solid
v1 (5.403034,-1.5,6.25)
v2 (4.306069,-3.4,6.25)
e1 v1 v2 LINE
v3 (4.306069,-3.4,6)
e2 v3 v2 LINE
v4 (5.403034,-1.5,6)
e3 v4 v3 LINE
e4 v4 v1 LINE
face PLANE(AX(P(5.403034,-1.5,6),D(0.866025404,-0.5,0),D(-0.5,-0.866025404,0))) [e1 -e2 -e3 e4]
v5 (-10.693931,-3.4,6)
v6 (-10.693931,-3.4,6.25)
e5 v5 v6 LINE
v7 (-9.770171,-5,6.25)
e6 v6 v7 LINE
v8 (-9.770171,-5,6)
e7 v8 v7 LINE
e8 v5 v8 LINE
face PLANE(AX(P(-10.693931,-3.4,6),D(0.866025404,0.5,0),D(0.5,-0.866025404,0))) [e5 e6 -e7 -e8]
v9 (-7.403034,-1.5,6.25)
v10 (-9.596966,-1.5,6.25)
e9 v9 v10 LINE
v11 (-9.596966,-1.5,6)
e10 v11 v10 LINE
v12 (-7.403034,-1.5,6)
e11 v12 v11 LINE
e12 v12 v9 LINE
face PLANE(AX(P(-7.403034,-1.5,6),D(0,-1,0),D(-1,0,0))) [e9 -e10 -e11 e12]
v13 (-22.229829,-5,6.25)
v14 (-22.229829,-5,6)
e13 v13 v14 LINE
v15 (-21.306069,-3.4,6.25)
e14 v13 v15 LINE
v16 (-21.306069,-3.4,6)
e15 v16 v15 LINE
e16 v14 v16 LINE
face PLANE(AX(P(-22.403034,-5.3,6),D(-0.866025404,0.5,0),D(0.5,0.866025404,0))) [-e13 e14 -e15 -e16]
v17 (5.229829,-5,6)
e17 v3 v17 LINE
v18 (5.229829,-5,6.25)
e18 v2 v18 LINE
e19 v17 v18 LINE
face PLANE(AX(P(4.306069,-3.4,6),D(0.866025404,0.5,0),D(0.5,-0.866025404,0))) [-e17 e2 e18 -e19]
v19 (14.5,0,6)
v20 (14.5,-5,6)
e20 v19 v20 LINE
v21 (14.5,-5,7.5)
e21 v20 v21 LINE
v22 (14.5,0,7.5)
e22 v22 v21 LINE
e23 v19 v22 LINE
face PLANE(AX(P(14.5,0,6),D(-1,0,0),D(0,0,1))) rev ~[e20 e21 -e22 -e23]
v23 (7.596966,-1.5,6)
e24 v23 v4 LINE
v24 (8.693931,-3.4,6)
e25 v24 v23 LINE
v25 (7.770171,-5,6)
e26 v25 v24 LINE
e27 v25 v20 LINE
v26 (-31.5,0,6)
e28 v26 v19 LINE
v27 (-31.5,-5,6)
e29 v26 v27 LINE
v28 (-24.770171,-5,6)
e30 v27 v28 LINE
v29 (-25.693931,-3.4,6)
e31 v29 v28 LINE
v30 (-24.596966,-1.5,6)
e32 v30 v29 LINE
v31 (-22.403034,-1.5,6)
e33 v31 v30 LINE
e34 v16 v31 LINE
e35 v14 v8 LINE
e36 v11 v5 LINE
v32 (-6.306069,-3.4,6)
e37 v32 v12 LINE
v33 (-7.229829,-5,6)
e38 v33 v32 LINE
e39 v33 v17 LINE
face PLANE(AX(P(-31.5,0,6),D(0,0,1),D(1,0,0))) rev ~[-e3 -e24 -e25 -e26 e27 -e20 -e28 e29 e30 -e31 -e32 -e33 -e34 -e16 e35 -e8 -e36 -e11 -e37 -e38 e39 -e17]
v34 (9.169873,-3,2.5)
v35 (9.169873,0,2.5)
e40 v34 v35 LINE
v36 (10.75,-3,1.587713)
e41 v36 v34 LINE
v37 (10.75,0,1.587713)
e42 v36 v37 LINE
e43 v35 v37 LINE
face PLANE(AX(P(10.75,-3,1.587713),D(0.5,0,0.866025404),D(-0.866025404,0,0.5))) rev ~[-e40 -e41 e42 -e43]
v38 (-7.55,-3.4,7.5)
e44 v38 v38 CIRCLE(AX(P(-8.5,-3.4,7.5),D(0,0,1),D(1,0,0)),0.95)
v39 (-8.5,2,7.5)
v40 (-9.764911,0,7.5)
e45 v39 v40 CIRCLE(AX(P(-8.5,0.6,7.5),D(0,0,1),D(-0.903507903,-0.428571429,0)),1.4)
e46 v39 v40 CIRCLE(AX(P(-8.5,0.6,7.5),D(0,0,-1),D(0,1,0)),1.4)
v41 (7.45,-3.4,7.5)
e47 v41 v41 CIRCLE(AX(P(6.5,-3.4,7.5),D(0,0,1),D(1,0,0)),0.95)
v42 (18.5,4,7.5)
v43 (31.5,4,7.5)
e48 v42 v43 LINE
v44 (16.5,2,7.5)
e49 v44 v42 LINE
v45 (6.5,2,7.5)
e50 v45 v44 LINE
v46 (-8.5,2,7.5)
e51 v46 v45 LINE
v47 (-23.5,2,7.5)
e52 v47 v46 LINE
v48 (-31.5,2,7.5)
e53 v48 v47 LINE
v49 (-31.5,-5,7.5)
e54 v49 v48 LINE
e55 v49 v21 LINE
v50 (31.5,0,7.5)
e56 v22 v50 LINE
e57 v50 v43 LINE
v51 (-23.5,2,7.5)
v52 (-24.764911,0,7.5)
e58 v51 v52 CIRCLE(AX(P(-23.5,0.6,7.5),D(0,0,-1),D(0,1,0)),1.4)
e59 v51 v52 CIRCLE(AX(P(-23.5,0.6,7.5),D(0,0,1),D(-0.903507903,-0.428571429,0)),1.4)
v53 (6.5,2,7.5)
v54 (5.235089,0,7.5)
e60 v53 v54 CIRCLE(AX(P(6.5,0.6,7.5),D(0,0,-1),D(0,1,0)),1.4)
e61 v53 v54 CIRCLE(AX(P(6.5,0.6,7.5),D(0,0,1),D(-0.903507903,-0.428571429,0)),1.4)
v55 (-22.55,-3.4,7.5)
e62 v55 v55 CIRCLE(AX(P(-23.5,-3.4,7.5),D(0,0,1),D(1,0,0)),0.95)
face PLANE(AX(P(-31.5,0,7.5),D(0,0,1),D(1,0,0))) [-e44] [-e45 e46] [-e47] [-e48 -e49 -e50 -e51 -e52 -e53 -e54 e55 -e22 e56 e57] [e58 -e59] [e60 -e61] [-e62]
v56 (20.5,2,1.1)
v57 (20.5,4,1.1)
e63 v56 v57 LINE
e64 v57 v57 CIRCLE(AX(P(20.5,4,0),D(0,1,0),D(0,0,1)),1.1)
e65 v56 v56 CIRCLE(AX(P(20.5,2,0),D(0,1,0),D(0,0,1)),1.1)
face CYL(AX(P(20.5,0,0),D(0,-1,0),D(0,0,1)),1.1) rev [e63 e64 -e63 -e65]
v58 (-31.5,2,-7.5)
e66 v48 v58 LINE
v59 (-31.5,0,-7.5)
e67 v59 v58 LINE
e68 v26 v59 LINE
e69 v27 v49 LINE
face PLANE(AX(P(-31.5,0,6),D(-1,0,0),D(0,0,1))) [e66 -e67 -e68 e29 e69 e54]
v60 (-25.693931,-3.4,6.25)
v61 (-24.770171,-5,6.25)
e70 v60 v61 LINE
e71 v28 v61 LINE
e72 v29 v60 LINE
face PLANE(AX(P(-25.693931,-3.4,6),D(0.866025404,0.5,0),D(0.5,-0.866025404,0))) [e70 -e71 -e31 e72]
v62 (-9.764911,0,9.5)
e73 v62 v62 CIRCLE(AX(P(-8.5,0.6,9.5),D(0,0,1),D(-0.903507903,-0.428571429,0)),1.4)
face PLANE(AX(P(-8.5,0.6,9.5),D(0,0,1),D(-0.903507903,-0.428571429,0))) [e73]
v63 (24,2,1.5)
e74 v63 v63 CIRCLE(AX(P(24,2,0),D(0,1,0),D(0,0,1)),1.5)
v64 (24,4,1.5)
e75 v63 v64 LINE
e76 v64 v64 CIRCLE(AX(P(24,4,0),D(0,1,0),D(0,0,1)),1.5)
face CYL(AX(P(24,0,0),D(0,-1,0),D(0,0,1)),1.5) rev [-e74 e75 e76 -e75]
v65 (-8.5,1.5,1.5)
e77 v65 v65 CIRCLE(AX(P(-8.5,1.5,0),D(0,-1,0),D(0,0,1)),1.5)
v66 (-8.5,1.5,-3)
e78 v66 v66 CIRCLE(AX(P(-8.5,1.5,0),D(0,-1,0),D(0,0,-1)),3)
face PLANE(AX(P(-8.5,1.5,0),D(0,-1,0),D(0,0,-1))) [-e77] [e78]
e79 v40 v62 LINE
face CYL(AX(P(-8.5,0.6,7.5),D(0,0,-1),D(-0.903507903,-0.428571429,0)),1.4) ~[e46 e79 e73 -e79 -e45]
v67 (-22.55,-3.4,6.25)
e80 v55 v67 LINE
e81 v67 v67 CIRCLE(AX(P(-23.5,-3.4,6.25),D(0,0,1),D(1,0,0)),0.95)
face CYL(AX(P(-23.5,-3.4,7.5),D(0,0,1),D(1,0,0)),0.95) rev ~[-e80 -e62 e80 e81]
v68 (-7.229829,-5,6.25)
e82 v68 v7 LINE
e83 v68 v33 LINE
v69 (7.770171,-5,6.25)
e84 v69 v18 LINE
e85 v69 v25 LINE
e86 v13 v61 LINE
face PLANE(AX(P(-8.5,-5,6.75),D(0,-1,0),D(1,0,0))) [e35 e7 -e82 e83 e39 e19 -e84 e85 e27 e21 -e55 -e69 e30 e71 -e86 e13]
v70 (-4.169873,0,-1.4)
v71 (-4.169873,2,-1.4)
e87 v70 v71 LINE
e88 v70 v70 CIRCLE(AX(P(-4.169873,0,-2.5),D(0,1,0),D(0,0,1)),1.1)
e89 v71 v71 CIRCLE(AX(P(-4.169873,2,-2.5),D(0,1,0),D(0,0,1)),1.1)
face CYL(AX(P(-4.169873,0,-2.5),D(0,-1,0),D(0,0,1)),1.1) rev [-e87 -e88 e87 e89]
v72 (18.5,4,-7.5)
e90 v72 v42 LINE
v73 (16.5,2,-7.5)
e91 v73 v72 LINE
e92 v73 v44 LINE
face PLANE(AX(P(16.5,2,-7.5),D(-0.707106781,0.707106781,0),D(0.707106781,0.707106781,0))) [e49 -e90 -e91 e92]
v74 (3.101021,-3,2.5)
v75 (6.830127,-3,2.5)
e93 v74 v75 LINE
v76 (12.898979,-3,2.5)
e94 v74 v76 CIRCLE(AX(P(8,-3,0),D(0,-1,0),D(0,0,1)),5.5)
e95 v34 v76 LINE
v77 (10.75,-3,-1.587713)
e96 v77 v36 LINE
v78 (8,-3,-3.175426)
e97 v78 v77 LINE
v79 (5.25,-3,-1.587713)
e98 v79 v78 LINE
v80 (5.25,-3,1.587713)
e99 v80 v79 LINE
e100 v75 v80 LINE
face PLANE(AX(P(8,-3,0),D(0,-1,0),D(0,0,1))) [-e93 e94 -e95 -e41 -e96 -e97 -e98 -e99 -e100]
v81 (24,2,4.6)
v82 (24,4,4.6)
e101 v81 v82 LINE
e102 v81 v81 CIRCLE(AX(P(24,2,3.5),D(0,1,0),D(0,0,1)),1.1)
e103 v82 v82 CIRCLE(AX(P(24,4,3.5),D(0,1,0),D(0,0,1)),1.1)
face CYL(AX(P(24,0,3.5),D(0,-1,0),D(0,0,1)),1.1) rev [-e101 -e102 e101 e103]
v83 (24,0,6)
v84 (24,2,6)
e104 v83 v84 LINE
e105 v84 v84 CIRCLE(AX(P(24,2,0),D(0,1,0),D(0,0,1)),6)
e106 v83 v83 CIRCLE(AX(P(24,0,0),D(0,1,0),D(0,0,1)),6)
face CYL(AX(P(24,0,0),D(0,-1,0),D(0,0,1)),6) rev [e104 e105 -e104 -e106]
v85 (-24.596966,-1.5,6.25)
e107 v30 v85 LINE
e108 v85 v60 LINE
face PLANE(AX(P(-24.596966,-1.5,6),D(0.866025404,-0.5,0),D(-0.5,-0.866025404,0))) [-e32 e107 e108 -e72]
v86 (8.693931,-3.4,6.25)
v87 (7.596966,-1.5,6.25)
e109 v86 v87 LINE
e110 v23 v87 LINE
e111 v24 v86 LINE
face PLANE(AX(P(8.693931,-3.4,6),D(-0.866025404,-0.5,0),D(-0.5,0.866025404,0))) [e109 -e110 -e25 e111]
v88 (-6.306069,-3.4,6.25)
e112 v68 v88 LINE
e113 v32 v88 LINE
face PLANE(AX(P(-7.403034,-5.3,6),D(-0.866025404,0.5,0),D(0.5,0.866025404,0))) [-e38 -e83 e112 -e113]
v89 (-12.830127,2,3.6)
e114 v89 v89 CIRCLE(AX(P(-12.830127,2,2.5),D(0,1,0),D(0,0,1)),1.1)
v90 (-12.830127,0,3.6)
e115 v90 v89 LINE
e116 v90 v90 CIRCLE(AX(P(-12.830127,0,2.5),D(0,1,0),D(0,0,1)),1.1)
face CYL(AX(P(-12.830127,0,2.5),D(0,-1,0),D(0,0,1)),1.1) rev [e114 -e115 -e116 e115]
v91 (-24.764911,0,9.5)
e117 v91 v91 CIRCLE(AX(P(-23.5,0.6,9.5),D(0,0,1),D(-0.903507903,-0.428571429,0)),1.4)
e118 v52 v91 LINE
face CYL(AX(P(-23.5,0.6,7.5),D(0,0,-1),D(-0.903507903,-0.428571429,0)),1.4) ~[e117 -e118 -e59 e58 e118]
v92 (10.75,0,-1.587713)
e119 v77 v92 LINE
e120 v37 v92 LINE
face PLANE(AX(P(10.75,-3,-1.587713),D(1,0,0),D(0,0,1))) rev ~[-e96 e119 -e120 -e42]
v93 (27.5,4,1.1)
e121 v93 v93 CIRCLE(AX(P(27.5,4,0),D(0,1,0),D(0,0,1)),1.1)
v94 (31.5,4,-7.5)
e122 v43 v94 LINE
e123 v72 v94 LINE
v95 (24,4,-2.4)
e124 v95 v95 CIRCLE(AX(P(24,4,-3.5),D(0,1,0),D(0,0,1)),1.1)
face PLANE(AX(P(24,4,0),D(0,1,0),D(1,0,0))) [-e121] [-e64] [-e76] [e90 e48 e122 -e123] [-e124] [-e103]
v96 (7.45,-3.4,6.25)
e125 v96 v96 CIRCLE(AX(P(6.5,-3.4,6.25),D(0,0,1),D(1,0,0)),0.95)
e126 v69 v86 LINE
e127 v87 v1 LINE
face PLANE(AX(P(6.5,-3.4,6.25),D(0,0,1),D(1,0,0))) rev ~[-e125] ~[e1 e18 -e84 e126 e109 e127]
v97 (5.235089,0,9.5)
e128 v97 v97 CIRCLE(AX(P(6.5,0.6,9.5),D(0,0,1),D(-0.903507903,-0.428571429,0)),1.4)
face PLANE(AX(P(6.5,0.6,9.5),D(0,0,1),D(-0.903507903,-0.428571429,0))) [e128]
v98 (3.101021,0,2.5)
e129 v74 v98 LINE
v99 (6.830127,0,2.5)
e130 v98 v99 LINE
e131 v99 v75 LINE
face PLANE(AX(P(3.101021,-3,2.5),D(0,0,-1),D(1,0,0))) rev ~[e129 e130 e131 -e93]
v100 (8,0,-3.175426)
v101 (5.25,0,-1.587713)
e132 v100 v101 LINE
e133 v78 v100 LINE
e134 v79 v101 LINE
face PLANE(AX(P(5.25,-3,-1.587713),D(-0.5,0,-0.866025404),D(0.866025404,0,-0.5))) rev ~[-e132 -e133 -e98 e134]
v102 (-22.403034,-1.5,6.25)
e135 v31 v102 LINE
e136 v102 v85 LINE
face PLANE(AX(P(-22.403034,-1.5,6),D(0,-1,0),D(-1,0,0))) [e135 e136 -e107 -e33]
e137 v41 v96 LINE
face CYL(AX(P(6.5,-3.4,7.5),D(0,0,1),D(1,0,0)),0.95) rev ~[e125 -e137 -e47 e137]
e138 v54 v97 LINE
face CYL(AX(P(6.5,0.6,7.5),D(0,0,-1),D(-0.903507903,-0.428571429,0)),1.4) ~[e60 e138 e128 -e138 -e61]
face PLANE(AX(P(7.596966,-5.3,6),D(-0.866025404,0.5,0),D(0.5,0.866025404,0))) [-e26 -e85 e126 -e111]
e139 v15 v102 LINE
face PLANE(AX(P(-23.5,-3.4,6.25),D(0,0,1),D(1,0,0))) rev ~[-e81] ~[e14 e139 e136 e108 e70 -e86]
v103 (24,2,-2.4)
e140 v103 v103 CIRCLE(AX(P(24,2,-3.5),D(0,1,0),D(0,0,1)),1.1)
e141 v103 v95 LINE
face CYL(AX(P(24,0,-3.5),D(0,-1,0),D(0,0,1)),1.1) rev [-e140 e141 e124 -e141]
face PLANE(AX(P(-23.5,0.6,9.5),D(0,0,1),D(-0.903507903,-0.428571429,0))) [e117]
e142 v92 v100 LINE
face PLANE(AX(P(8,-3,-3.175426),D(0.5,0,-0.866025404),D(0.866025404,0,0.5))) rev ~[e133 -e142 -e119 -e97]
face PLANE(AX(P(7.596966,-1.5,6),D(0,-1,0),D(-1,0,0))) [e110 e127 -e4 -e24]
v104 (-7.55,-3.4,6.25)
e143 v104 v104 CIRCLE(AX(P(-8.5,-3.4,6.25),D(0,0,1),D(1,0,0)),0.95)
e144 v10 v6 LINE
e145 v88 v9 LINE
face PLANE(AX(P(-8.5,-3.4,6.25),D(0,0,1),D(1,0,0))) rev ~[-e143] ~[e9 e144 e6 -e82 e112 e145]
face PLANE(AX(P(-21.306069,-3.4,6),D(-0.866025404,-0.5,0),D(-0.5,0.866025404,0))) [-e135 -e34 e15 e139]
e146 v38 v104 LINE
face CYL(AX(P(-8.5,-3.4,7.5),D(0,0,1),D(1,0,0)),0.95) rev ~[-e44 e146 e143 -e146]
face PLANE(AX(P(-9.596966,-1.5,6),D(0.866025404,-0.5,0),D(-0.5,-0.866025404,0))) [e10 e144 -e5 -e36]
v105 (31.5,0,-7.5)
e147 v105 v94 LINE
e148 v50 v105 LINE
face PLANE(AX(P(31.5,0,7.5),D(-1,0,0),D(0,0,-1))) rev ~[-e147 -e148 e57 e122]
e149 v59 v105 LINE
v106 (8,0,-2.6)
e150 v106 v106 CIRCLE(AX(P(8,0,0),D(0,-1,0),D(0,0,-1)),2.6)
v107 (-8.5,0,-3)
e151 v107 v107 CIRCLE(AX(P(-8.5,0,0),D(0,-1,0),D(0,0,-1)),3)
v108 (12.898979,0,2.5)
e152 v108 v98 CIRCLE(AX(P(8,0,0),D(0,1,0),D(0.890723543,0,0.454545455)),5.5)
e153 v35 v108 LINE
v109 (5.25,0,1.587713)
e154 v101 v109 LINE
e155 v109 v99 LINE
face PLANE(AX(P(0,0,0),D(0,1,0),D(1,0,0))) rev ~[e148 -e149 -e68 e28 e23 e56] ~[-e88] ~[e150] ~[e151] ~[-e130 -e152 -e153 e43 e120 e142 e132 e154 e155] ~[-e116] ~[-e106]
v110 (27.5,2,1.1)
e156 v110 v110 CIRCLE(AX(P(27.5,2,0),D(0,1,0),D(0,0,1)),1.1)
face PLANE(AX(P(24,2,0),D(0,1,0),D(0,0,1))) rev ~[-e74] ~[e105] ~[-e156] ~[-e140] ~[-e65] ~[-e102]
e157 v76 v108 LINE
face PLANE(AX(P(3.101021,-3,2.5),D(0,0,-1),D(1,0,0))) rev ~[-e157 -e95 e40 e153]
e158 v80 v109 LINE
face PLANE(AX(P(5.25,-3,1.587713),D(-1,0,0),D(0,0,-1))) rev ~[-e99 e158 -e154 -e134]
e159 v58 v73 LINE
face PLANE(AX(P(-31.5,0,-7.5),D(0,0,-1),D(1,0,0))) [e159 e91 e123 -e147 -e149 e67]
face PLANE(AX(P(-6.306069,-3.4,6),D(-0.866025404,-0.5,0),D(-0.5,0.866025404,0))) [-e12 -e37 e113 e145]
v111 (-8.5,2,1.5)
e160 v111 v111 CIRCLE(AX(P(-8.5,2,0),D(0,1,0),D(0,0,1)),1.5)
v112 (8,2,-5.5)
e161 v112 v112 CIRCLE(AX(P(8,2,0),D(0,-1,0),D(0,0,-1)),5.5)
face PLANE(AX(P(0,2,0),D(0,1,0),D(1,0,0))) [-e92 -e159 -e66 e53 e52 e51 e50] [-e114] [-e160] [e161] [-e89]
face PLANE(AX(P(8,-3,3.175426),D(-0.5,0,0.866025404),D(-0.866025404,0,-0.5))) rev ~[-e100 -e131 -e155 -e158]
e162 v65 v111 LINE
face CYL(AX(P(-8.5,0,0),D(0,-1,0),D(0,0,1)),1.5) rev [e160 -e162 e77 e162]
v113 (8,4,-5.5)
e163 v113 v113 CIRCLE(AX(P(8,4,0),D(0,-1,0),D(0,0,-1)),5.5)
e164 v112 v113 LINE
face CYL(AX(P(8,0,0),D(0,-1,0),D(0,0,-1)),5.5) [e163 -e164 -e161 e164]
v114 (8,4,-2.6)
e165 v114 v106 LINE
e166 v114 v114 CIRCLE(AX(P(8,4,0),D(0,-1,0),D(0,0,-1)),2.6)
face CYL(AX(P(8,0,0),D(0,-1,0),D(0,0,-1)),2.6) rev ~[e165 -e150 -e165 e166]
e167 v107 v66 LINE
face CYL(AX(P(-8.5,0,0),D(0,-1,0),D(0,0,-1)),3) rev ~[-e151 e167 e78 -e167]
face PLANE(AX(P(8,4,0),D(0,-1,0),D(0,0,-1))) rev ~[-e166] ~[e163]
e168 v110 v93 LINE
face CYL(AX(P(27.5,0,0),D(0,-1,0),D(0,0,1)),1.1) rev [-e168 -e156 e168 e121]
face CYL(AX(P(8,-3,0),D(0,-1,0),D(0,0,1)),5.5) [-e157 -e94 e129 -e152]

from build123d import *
from build123d.topology import SkipClean

# Parameters (mm, degrees)
SKETCH_1_W          = 63
SKETCH_1_H          = 15
SKETCH_1_R          = 1.5
SKETCH_1_R_2        = 1.1
SKETCH_1_R_3        = 2.6
EXTRUDE_1_DEPTH     = 2
SKETCH_2_R          = 1.4
EXTRUDE_2_DEPTH     = 2
SKETCH_3_R          = 3
CUT_EXTRUDE_1_DEPTH = 1.5
SKETCH_4_W          = 46
SKETCH_4_H          = 1.5
EXTRUDE_3_DEPTH     = 5
SKETCH_2_3_R        = 0.95
CUT_EXTRUDE_2_DEPTH = 1.5
CUT_EXTRUDE_3_DEPTH = 0.25
SKETCH_1_7_W        = 15
SKETCH_1_7_H        = 15
SKETCH_1_7_R        = 1.5
SKETCH_1_7_R_2      = 1.1
EXTRUDE_4_DEPTH     = 4
SKETCH_1_8_R        = 6
SKETCH_1_8_R_2      = 1.5
SKETCH_1_8_R_3      = 1.1
CUT_EXTRUDE_4_DEPTH = 2
CUT_EXTRUDE_5_DEPTH = 15
EXTRUDE_START       = 3
SKETCH_8_R          = 5.5
SKETCH_8_R_2        = 2.6
EXTRUDE_11_DEPTH    = 3
CUT_EXTRUDE_6_DEPTH = 3.5
CUT_EXTRUDE_7_DEPTH = 3
SKETCH_8_2_R        = 5.5
SKETCH_8_2_R_2      = 2.6
EXTRUDE_12_DEPTH    = 4


with BuildPart() as part:
    # 草图1 → 凸台-拉伸1 (new body)
    with BuildSketch(Plane(origin=(0, 0, 0), x_dir=(1, 0, 0), z_dir=(0, 1, 0))):
        Rectangle(SKETCH_1_W, SKETCH_1_H)
        with Locations(Location((-8.5, 0, 0), (0, 0, 270))):
            Circle(SKETCH_1_R, mode=Mode.SUBTRACT)
        with Locations(Location((-4.169872981, 2.5, 0), (0, 0, 270))):
            Circle(SKETCH_1_R_2, mode=Mode.SUBTRACT)
        with Locations(Location((-12.830127019, -2.5, 0), (0, 0, 270))):
            Circle(SKETCH_1_R_2, mode=Mode.SUBTRACT)
        with Locations(Location((8, 0, 0), (0, 0, 270))):
            Circle(SKETCH_1_R_3, mode=Mode.SUBTRACT)
        with Locations(Location((24, 0, 0), (0, 0, 270))):
            Circle(SKETCH_1_R, mode=Mode.SUBTRACT)
        with Locations(Location((27.5, 0, 0), (0, 0, 270))):
            Circle(SKETCH_1_R_2, mode=Mode.SUBTRACT)
        with Locations(Location((24, -3.5, 0), (0, 0, 270))):
            Circle(SKETCH_1_R_2, mode=Mode.SUBTRACT)
        with Locations(Location((20.5, 0, 0), (0, 0, 270))):
            Circle(SKETCH_1_R_2, mode=Mode.SUBTRACT)
        with Locations(Location((24, 3.5, 0), (0, 0, 270))):
            Circle(SKETCH_1_R_2, mode=Mode.SUBTRACT)
    extrude(amount=EXTRUDE_1_DEPTH)

    # 草图2 → 凸台-拉伸2 (add)
    with BuildSketch(Plane.XY.offset(7.5)):
        with Locations(Location((-23.5, 0.6, 0), (0, 0, 205.376933525))):
            Circle(SKETCH_2_R)
        with Locations(Location((-8.5, 0.6, 0), (0, 0, 205.376933525))):
            Circle(SKETCH_2_R)
        with Locations(Location((6.5, 0.6, 0), (0, 0, 205.376933525))):
            Circle(SKETCH_2_R)
    extrude(amount=EXTRUDE_2_DEPTH)

    # 草图3 → 切除-拉伸1 (cut)
    with BuildSketch(Plane.XZ):
        with Locations(Location((-8.5, 0, 0), (0, 0, 270))):
            Circle(SKETCH_3_R)
    extrude(amount=-CUT_EXTRUDE_1_DEPTH, mode=Mode.SUBTRACT)

    # 草图4 → 凸台-拉伸3 (add)
    with BuildSketch(Plane.XZ):
        with Locations((-8.5, 6.75)):
            Rectangle(SKETCH_4_W, SKETCH_4_H)
    extrude(amount=EXTRUDE_3_DEPTH)

    # 草图2<3> → 切除-拉伸2 (cut)
    with BuildSketch(Plane.XY.offset(7.5)):
        with Locations((-23.5, -3.4)):
            Circle(SKETCH_2_3_R)
        with Locations((-8.5, -3.4)):
            Circle(SKETCH_2_3_R)
        with Locations((6.5, -3.4)):
            Circle(SKETCH_2_3_R)
    extrude(amount=-CUT_EXTRUDE_2_DEPTH, mode=Mode.SUBTRACT)

    # 草图5 → 切除-拉伸3 (cut)
    with BuildSketch(Plane(origin=(0, 0, 6), x_dir=(-1, 0, 0), z_dir=(0, 0, -1))):
        Polygon((22.403034489, -1.5), (24.596965511, -1.5), (25.693931023, -3.4), (24.596965511, -5.3), (22.403034489, -5.3), (21.306068977, -3.4), align=None)
        Polygon((6.306068977, -3.4), (7.403034489, -1.5), (9.596965511, -1.5), (10.693931023, -3.4), (9.596965511, -5.3), (7.403034489, -5.3), align=None)
        Polygon((-8.693931023, -3.4), (-7.596965511, -1.5), (-5.403034489, -1.5), (-4.306068977, -3.4), (-5.403034489, -5.3), (-7.596965511, -5.3), align=None)
    extrude(amount=-CUT_EXTRUDE_3_DEPTH, mode=Mode.SUBTRACT)

    # 草图1<7> → 凸台-拉伸4 (add)
    with SkipClean():  # the faces are left unmerged after this step: merging them gives an invalid solid
        with BuildSketch(Plane(origin=(0, 0, 0), x_dir=(1, 0, 0), z_dir=(0, 1, 0))):
            with Locations((24, 0)):
                Rectangle(SKETCH_1_7_W, SKETCH_1_7_H)
            with Locations(Location((24, 0, 0), (0, 0, 270))):
                Circle(SKETCH_1_7_R, mode=Mode.SUBTRACT)
            with Locations(Location((27.5, 0, 0), (0, 0, 270))):
                Circle(SKETCH_1_7_R_2, mode=Mode.SUBTRACT)
            with Locations(Location((24, -3.5, 0), (0, 0, 270))):
                Circle(SKETCH_1_7_R_2, mode=Mode.SUBTRACT)
            with Locations(Location((20.5, 0, 0), (0, 0, 270))):
                Circle(SKETCH_1_7_R_2, mode=Mode.SUBTRACT)
            with Locations(Location((24, 3.5, 0), (0, 0, 270))):
                Circle(SKETCH_1_7_R_2, mode=Mode.SUBTRACT)
        extrude(amount=EXTRUDE_4_DEPTH)

    # 草图1<8> → 切除-拉伸4 (cut)
    with SkipClean():  # the faces are left unmerged after this step: merging them gives an invalid solid
        with BuildSketch(Plane(origin=(0, 0, 0), x_dir=(1, 0, 0), z_dir=(0, 1, 0))):
            with Locations(Location((24, 0, 0), (0, 0, 270))):
                Circle(SKETCH_1_8_R)
            with Locations(Location((24, 0, 0), (0, 0, 270))):
                Circle(SKETCH_1_8_R_2, mode=Mode.SUBTRACT)
            with Locations(Location((27.5, 0, 0), (0, 0, 270))):
                Circle(SKETCH_1_8_R_3, mode=Mode.SUBTRACT)
            with Locations(Location((24, -3.5, 0), (0, 0, 270))):
                Circle(SKETCH_1_8_R_3, mode=Mode.SUBTRACT)
            with Locations(Location((20.5, 0, 0), (0, 0, 270))):
                Circle(SKETCH_1_8_R_3, mode=Mode.SUBTRACT)
            with Locations(Location((24, 3.5, 0), (0, 0, 270))):
                Circle(SKETCH_1_8_R_3, mode=Mode.SUBTRACT)
        extrude(amount=CUT_EXTRUDE_4_DEPTH, mode=Mode.SUBTRACT)

    # 草图6 → 切除-拉伸5 (cut)
    with BuildSketch(Plane(origin=(0, 0, -7.5), x_dir=(-1, 0, 0), z_dir=(0, 0, -1))):
        Polygon((-16.5, 2), (-18.5, 4), (-16.5, 4), align=None)
    extrude(amount=-CUT_EXTRUDE_5_DEPTH, mode=Mode.SUBTRACT)

    # 草图8 → 凸台-拉伸11 (add)
    with SkipClean():  # the faces are left unmerged after this step: merging them gives an invalid solid
        with BuildSketch(Plane.XZ.offset(EXTRUDE_START)):
            with Locations(Location((8, 0, 0), (0, 0, 90))):
                Circle(SKETCH_8_R)
            with Locations(Location((8, 0, 0), (0, 0, 270))):
                Circle(SKETCH_8_R_2, mode=Mode.SUBTRACT)
        extrude(amount=-EXTRUDE_11_DEPTH)

    # 草图10 → 切除-拉伸6 (cut)
    with BuildSketch(Plane.XZ.offset(3)):
        Polygon((8, 3.175426481), (5.25, 1.58771324), (5.25, -1.58771324), (8, -3.175426481), (10.75, -1.58771324), (10.75, 1.58771324), align=None)
    extrude(amount=-CUT_EXTRUDE_6_DEPTH, mode=Mode.SUBTRACT)

    # 草图11 → 切除-拉伸7 (cut)
    with BuildSketch(Plane.XZ.offset(3)):
        with BuildLine():
            Line((3.101020514, 2.5), (12.898979486, 2.5))
            ThreePointArc((12.898979486, 2.5), (8, 5.5), (3.101020514, 2.5))
        make_face()
    extrude(amount=-CUT_EXTRUDE_7_DEPTH, mode=Mode.SUBTRACT)

    # 草图8<2> → 凸台-拉伸12 (add)
    with BuildSketch(Plane.XZ):
        with Locations(Location((8, 0, 0), (0, 0, 270))):
            Circle(SKETCH_8_2_R)
        with Locations(Location((8, 0, 0), (0, 0, 270))):
            Circle(SKETCH_8_2_R_2, mode=Mode.SUBTRACT)
    extrude(amount=-EXTRUDE_12_DEPTH)


solid = part.part
